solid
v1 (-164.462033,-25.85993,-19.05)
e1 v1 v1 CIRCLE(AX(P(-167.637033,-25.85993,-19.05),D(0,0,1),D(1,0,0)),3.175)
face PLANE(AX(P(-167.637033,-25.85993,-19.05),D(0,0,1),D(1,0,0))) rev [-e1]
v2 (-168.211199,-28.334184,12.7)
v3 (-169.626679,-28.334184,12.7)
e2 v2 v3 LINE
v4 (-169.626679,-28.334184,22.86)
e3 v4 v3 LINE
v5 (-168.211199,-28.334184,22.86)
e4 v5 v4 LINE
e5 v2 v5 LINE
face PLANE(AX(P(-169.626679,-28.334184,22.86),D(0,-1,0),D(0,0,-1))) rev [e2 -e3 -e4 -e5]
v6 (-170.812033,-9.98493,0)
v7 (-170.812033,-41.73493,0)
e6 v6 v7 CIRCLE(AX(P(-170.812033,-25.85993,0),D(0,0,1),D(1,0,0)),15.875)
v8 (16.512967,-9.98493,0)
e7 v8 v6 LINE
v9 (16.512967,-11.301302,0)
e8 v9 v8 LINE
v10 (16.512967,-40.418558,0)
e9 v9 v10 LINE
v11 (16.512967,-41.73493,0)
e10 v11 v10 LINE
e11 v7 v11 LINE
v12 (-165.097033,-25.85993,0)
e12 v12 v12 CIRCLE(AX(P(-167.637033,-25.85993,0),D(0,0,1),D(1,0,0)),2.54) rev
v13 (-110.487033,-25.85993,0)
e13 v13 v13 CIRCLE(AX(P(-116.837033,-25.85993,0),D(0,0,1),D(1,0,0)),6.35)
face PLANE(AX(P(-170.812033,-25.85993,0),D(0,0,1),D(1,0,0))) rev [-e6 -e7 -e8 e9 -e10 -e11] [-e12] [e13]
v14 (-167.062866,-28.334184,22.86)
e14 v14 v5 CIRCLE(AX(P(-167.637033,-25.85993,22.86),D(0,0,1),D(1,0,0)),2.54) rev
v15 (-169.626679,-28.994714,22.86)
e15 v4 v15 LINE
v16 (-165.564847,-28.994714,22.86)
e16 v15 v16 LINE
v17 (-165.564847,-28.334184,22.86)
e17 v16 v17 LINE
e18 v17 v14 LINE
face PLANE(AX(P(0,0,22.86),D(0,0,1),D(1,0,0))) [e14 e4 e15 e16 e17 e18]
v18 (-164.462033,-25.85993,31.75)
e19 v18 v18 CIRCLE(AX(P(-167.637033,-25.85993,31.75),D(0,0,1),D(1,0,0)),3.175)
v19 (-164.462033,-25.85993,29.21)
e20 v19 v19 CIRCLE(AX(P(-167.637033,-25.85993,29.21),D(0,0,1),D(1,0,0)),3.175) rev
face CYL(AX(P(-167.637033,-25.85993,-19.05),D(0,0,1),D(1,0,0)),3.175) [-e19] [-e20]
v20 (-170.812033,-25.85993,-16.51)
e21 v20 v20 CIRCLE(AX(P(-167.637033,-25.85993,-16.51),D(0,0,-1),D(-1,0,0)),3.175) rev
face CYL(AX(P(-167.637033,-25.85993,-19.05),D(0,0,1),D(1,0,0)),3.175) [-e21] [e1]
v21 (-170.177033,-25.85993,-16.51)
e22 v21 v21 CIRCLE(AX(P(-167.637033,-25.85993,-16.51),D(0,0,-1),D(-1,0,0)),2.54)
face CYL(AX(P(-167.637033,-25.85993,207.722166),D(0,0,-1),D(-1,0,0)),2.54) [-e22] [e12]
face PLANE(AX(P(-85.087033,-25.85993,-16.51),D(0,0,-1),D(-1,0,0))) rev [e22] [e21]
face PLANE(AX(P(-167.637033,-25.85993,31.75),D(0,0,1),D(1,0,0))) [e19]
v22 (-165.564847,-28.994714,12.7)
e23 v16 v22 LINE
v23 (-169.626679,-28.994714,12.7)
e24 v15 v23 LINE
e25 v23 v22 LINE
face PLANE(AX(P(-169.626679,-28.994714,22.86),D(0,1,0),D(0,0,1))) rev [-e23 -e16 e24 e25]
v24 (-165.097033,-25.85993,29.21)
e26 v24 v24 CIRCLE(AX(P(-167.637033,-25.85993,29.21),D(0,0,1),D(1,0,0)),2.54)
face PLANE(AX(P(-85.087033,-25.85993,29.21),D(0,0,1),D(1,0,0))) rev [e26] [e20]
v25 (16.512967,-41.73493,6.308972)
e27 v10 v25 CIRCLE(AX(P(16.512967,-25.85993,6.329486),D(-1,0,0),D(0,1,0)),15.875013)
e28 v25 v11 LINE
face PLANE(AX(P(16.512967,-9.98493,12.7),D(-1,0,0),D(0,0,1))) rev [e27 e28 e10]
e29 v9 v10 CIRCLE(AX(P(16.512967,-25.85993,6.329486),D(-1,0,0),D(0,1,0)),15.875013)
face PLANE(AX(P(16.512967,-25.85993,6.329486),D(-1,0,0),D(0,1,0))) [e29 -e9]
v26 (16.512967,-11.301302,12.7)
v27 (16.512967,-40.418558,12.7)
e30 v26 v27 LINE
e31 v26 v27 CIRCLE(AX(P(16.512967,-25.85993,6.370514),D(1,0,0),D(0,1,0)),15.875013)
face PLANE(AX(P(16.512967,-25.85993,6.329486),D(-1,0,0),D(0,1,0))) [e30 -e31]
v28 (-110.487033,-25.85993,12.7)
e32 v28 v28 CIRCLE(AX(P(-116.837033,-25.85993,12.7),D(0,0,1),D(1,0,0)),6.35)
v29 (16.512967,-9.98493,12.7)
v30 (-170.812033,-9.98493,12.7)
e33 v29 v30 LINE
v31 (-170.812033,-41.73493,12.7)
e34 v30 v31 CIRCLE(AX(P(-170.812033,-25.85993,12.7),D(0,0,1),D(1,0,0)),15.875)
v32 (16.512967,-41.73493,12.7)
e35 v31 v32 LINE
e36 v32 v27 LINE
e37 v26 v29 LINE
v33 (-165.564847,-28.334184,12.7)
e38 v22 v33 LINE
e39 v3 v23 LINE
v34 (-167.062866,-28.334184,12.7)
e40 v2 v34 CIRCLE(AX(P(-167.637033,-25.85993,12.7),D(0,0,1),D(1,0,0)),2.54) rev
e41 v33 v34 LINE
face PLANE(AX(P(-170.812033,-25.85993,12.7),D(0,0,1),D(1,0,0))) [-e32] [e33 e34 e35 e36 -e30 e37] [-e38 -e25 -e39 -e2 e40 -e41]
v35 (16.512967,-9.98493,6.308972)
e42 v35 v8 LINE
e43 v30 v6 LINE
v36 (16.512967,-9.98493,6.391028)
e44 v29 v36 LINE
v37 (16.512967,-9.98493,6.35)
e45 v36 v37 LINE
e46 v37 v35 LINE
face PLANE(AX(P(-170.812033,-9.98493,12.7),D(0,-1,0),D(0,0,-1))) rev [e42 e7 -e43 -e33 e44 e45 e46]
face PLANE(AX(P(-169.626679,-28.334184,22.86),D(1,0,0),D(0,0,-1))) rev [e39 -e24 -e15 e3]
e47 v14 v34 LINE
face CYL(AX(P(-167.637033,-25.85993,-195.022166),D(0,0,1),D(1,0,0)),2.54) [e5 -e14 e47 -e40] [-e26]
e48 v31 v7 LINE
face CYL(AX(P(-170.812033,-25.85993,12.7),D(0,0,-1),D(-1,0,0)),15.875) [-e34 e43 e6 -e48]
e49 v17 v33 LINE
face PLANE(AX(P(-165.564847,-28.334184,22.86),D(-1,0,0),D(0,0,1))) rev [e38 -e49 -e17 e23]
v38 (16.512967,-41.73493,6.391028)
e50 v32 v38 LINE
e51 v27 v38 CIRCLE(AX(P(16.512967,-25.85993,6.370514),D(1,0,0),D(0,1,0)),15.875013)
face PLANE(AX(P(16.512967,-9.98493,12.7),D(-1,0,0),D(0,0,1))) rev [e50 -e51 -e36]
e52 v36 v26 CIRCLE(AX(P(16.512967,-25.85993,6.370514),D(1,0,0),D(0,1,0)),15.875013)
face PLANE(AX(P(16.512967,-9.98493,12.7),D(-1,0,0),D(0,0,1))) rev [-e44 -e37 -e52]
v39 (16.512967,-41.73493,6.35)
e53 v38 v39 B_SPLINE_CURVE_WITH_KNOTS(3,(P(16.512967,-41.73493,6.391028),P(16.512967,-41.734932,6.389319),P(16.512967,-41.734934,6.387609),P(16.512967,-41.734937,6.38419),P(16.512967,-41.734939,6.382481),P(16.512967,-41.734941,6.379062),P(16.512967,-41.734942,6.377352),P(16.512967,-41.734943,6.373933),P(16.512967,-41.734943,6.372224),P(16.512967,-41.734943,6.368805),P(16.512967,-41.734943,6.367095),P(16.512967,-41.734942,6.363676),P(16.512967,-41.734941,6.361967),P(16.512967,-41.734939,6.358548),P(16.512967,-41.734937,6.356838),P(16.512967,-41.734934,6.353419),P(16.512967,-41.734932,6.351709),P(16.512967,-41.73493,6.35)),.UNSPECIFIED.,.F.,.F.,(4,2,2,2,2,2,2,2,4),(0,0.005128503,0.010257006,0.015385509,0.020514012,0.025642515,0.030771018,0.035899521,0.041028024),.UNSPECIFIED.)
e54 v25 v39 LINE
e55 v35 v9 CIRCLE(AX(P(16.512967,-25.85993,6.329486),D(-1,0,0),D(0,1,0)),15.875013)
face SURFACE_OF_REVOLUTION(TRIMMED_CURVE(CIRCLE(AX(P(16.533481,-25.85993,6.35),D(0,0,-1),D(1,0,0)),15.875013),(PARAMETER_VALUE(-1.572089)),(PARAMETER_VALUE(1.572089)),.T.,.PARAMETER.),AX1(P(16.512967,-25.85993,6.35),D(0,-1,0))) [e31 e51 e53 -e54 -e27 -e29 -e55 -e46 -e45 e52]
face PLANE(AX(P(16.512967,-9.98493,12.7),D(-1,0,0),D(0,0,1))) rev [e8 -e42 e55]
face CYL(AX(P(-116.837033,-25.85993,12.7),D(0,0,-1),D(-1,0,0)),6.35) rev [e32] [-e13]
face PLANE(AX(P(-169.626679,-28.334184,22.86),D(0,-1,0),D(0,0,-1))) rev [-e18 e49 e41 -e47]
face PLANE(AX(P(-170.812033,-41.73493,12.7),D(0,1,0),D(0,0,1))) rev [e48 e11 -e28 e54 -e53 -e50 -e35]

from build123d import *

# Parameters (mm, degrees)
SKETCH1_R                = 6.35
BOSS_EXTRUDE1_DEPTH      = 12.7
BOSS_EXTRUDE2_DEPTH      = 19.05
BOSS_EXTRUDE2_DEPTH_BACK = 31.75
SKETCH2_R                = 3.175
CUT_EXTRUDE1_START       = -2.54
SKETCH3_OUTSIDE_W        = 247.57
SKETCH3_OUTSIDE_H        = 76.12
SKETCH3_OUTSIDE_R        = 2.54
CUT_EXTRUDE1_DEPTH       = 16.51
CUT_EXTRUDE2_START       = -2.54
SKETCH4_OUTSIDE_W        = 247.57
SKETCH4_OUTSIDE_H        = 76.12
SKETCH4_OUTSIDE_R        = 2.54
CUT_EXTRUDE2_DEPTH       = 16.51
REVOLVE1_ANGLE           = 180
SKETCH9_W                = 4.061831886
SKETCH9_H                = 0.660529679
BOSS_EXTRUDE4_DEPTH      = 10.16


with BuildPart() as part:
    # Sketch1 → Boss-Extrude1 (new body)
    with BuildSketch(Plane.XY):
        with BuildLine():
            Line((16.512967167, -9.984929936), (16.512967167, -41.734929936))
            Line((16.512967167, -41.734929936), (-170.812032833, -41.734929936))
            ThreePointArc((-170.812032833, -41.734929936), (-186.687032833, -25.859929936), (-170.812032833, -9.984929936))
            Line((-170.812032833, -9.984929936), (16.512967167, -9.984929936))
        make_face()
        with Locations((-116.837032833, -25.859929936)):
            Circle(SKETCH1_R, mode=Mode.SUBTRACT)
    extrude(amount=BOSS_EXTRUDE1_DEPTH)

    # Sketch2 → Boss-Extrude2 (add, two sides: drawn at the far end of the back side and taken through both)
    with BuildSketch(Plane.XY.offset(12.7).offset(-BOSS_EXTRUDE2_DEPTH_BACK)):
        with Locations((-167.637032833, -25.859929936)):
            Circle(SKETCH2_R)
    extrude(amount=BOSS_EXTRUDE2_DEPTH + BOSS_EXTRUDE2_DEPTH_BACK)

    # Sketch3 outside → Cut-Extrude1 (cut)
    with BuildSketch(Plane.XY.offset(31.75).offset(CUT_EXTRUDE1_START)):
        with Locations((-85.087, -25.86)):
            Rectangle(SKETCH3_OUTSIDE_W, SKETCH3_OUTSIDE_H)
        with Locations((-167.637032833, -25.859929936)):
            Circle(SKETCH3_OUTSIDE_R, mode=Mode.SUBTRACT)
    extrude(amount=-CUT_EXTRUDE1_DEPTH, mode=Mode.SUBTRACT)

    # Sketch4 outside → Cut-Extrude2 (cut)
    with BuildSketch(Plane(origin=(0, 0, -19.05), x_dir=(-1, 0, 0), z_dir=(0, 0, -1)).offset(CUT_EXTRUDE2_START)):
        with Locations((85.087, -25.86)):
            Rectangle(SKETCH4_OUTSIDE_W, SKETCH4_OUTSIDE_H)
        with Locations(Location((167.637032833, -25.859929936, 0), (0, 0, 180))):
            Circle(SKETCH4_OUTSIDE_R, mode=Mode.SUBTRACT)
    extrude(amount=-CUT_EXTRUDE2_DEPTH, mode=Mode.SUBTRACT)

    # Sketch6 → Revolve1 (revolve)
    with BuildSketch(Plane(origin=(16.512967167, 0, 0), x_dir=(0, 0, -1), z_dir=(1, 0, 0))):
        with BuildLine():
            Line((-6.35, -9.984929936), (-6.35, -41.734929936))
            ThreePointArc((-6.35, -41.734929936), (-22.245527261, -25.859929936), (-6.35, -9.984929936))
        make_face()
    revolve(axis=Axis((16.512967167, -9.984929936, 6.35), (0, 1, 0)), revolution_arc=REVOLVE1_ANGLE)

    # Sketch9 → Boss-Extrude4 (add)
    with BuildSketch(Plane.XY.offset(12.7)):
        with Locations((-167.595763161, -28.664448748)):
            Rectangle(SKETCH9_W, SKETCH9_H)
    extrude(amount=BOSS_EXTRUDE4_DEPTH)


solid = part.part
